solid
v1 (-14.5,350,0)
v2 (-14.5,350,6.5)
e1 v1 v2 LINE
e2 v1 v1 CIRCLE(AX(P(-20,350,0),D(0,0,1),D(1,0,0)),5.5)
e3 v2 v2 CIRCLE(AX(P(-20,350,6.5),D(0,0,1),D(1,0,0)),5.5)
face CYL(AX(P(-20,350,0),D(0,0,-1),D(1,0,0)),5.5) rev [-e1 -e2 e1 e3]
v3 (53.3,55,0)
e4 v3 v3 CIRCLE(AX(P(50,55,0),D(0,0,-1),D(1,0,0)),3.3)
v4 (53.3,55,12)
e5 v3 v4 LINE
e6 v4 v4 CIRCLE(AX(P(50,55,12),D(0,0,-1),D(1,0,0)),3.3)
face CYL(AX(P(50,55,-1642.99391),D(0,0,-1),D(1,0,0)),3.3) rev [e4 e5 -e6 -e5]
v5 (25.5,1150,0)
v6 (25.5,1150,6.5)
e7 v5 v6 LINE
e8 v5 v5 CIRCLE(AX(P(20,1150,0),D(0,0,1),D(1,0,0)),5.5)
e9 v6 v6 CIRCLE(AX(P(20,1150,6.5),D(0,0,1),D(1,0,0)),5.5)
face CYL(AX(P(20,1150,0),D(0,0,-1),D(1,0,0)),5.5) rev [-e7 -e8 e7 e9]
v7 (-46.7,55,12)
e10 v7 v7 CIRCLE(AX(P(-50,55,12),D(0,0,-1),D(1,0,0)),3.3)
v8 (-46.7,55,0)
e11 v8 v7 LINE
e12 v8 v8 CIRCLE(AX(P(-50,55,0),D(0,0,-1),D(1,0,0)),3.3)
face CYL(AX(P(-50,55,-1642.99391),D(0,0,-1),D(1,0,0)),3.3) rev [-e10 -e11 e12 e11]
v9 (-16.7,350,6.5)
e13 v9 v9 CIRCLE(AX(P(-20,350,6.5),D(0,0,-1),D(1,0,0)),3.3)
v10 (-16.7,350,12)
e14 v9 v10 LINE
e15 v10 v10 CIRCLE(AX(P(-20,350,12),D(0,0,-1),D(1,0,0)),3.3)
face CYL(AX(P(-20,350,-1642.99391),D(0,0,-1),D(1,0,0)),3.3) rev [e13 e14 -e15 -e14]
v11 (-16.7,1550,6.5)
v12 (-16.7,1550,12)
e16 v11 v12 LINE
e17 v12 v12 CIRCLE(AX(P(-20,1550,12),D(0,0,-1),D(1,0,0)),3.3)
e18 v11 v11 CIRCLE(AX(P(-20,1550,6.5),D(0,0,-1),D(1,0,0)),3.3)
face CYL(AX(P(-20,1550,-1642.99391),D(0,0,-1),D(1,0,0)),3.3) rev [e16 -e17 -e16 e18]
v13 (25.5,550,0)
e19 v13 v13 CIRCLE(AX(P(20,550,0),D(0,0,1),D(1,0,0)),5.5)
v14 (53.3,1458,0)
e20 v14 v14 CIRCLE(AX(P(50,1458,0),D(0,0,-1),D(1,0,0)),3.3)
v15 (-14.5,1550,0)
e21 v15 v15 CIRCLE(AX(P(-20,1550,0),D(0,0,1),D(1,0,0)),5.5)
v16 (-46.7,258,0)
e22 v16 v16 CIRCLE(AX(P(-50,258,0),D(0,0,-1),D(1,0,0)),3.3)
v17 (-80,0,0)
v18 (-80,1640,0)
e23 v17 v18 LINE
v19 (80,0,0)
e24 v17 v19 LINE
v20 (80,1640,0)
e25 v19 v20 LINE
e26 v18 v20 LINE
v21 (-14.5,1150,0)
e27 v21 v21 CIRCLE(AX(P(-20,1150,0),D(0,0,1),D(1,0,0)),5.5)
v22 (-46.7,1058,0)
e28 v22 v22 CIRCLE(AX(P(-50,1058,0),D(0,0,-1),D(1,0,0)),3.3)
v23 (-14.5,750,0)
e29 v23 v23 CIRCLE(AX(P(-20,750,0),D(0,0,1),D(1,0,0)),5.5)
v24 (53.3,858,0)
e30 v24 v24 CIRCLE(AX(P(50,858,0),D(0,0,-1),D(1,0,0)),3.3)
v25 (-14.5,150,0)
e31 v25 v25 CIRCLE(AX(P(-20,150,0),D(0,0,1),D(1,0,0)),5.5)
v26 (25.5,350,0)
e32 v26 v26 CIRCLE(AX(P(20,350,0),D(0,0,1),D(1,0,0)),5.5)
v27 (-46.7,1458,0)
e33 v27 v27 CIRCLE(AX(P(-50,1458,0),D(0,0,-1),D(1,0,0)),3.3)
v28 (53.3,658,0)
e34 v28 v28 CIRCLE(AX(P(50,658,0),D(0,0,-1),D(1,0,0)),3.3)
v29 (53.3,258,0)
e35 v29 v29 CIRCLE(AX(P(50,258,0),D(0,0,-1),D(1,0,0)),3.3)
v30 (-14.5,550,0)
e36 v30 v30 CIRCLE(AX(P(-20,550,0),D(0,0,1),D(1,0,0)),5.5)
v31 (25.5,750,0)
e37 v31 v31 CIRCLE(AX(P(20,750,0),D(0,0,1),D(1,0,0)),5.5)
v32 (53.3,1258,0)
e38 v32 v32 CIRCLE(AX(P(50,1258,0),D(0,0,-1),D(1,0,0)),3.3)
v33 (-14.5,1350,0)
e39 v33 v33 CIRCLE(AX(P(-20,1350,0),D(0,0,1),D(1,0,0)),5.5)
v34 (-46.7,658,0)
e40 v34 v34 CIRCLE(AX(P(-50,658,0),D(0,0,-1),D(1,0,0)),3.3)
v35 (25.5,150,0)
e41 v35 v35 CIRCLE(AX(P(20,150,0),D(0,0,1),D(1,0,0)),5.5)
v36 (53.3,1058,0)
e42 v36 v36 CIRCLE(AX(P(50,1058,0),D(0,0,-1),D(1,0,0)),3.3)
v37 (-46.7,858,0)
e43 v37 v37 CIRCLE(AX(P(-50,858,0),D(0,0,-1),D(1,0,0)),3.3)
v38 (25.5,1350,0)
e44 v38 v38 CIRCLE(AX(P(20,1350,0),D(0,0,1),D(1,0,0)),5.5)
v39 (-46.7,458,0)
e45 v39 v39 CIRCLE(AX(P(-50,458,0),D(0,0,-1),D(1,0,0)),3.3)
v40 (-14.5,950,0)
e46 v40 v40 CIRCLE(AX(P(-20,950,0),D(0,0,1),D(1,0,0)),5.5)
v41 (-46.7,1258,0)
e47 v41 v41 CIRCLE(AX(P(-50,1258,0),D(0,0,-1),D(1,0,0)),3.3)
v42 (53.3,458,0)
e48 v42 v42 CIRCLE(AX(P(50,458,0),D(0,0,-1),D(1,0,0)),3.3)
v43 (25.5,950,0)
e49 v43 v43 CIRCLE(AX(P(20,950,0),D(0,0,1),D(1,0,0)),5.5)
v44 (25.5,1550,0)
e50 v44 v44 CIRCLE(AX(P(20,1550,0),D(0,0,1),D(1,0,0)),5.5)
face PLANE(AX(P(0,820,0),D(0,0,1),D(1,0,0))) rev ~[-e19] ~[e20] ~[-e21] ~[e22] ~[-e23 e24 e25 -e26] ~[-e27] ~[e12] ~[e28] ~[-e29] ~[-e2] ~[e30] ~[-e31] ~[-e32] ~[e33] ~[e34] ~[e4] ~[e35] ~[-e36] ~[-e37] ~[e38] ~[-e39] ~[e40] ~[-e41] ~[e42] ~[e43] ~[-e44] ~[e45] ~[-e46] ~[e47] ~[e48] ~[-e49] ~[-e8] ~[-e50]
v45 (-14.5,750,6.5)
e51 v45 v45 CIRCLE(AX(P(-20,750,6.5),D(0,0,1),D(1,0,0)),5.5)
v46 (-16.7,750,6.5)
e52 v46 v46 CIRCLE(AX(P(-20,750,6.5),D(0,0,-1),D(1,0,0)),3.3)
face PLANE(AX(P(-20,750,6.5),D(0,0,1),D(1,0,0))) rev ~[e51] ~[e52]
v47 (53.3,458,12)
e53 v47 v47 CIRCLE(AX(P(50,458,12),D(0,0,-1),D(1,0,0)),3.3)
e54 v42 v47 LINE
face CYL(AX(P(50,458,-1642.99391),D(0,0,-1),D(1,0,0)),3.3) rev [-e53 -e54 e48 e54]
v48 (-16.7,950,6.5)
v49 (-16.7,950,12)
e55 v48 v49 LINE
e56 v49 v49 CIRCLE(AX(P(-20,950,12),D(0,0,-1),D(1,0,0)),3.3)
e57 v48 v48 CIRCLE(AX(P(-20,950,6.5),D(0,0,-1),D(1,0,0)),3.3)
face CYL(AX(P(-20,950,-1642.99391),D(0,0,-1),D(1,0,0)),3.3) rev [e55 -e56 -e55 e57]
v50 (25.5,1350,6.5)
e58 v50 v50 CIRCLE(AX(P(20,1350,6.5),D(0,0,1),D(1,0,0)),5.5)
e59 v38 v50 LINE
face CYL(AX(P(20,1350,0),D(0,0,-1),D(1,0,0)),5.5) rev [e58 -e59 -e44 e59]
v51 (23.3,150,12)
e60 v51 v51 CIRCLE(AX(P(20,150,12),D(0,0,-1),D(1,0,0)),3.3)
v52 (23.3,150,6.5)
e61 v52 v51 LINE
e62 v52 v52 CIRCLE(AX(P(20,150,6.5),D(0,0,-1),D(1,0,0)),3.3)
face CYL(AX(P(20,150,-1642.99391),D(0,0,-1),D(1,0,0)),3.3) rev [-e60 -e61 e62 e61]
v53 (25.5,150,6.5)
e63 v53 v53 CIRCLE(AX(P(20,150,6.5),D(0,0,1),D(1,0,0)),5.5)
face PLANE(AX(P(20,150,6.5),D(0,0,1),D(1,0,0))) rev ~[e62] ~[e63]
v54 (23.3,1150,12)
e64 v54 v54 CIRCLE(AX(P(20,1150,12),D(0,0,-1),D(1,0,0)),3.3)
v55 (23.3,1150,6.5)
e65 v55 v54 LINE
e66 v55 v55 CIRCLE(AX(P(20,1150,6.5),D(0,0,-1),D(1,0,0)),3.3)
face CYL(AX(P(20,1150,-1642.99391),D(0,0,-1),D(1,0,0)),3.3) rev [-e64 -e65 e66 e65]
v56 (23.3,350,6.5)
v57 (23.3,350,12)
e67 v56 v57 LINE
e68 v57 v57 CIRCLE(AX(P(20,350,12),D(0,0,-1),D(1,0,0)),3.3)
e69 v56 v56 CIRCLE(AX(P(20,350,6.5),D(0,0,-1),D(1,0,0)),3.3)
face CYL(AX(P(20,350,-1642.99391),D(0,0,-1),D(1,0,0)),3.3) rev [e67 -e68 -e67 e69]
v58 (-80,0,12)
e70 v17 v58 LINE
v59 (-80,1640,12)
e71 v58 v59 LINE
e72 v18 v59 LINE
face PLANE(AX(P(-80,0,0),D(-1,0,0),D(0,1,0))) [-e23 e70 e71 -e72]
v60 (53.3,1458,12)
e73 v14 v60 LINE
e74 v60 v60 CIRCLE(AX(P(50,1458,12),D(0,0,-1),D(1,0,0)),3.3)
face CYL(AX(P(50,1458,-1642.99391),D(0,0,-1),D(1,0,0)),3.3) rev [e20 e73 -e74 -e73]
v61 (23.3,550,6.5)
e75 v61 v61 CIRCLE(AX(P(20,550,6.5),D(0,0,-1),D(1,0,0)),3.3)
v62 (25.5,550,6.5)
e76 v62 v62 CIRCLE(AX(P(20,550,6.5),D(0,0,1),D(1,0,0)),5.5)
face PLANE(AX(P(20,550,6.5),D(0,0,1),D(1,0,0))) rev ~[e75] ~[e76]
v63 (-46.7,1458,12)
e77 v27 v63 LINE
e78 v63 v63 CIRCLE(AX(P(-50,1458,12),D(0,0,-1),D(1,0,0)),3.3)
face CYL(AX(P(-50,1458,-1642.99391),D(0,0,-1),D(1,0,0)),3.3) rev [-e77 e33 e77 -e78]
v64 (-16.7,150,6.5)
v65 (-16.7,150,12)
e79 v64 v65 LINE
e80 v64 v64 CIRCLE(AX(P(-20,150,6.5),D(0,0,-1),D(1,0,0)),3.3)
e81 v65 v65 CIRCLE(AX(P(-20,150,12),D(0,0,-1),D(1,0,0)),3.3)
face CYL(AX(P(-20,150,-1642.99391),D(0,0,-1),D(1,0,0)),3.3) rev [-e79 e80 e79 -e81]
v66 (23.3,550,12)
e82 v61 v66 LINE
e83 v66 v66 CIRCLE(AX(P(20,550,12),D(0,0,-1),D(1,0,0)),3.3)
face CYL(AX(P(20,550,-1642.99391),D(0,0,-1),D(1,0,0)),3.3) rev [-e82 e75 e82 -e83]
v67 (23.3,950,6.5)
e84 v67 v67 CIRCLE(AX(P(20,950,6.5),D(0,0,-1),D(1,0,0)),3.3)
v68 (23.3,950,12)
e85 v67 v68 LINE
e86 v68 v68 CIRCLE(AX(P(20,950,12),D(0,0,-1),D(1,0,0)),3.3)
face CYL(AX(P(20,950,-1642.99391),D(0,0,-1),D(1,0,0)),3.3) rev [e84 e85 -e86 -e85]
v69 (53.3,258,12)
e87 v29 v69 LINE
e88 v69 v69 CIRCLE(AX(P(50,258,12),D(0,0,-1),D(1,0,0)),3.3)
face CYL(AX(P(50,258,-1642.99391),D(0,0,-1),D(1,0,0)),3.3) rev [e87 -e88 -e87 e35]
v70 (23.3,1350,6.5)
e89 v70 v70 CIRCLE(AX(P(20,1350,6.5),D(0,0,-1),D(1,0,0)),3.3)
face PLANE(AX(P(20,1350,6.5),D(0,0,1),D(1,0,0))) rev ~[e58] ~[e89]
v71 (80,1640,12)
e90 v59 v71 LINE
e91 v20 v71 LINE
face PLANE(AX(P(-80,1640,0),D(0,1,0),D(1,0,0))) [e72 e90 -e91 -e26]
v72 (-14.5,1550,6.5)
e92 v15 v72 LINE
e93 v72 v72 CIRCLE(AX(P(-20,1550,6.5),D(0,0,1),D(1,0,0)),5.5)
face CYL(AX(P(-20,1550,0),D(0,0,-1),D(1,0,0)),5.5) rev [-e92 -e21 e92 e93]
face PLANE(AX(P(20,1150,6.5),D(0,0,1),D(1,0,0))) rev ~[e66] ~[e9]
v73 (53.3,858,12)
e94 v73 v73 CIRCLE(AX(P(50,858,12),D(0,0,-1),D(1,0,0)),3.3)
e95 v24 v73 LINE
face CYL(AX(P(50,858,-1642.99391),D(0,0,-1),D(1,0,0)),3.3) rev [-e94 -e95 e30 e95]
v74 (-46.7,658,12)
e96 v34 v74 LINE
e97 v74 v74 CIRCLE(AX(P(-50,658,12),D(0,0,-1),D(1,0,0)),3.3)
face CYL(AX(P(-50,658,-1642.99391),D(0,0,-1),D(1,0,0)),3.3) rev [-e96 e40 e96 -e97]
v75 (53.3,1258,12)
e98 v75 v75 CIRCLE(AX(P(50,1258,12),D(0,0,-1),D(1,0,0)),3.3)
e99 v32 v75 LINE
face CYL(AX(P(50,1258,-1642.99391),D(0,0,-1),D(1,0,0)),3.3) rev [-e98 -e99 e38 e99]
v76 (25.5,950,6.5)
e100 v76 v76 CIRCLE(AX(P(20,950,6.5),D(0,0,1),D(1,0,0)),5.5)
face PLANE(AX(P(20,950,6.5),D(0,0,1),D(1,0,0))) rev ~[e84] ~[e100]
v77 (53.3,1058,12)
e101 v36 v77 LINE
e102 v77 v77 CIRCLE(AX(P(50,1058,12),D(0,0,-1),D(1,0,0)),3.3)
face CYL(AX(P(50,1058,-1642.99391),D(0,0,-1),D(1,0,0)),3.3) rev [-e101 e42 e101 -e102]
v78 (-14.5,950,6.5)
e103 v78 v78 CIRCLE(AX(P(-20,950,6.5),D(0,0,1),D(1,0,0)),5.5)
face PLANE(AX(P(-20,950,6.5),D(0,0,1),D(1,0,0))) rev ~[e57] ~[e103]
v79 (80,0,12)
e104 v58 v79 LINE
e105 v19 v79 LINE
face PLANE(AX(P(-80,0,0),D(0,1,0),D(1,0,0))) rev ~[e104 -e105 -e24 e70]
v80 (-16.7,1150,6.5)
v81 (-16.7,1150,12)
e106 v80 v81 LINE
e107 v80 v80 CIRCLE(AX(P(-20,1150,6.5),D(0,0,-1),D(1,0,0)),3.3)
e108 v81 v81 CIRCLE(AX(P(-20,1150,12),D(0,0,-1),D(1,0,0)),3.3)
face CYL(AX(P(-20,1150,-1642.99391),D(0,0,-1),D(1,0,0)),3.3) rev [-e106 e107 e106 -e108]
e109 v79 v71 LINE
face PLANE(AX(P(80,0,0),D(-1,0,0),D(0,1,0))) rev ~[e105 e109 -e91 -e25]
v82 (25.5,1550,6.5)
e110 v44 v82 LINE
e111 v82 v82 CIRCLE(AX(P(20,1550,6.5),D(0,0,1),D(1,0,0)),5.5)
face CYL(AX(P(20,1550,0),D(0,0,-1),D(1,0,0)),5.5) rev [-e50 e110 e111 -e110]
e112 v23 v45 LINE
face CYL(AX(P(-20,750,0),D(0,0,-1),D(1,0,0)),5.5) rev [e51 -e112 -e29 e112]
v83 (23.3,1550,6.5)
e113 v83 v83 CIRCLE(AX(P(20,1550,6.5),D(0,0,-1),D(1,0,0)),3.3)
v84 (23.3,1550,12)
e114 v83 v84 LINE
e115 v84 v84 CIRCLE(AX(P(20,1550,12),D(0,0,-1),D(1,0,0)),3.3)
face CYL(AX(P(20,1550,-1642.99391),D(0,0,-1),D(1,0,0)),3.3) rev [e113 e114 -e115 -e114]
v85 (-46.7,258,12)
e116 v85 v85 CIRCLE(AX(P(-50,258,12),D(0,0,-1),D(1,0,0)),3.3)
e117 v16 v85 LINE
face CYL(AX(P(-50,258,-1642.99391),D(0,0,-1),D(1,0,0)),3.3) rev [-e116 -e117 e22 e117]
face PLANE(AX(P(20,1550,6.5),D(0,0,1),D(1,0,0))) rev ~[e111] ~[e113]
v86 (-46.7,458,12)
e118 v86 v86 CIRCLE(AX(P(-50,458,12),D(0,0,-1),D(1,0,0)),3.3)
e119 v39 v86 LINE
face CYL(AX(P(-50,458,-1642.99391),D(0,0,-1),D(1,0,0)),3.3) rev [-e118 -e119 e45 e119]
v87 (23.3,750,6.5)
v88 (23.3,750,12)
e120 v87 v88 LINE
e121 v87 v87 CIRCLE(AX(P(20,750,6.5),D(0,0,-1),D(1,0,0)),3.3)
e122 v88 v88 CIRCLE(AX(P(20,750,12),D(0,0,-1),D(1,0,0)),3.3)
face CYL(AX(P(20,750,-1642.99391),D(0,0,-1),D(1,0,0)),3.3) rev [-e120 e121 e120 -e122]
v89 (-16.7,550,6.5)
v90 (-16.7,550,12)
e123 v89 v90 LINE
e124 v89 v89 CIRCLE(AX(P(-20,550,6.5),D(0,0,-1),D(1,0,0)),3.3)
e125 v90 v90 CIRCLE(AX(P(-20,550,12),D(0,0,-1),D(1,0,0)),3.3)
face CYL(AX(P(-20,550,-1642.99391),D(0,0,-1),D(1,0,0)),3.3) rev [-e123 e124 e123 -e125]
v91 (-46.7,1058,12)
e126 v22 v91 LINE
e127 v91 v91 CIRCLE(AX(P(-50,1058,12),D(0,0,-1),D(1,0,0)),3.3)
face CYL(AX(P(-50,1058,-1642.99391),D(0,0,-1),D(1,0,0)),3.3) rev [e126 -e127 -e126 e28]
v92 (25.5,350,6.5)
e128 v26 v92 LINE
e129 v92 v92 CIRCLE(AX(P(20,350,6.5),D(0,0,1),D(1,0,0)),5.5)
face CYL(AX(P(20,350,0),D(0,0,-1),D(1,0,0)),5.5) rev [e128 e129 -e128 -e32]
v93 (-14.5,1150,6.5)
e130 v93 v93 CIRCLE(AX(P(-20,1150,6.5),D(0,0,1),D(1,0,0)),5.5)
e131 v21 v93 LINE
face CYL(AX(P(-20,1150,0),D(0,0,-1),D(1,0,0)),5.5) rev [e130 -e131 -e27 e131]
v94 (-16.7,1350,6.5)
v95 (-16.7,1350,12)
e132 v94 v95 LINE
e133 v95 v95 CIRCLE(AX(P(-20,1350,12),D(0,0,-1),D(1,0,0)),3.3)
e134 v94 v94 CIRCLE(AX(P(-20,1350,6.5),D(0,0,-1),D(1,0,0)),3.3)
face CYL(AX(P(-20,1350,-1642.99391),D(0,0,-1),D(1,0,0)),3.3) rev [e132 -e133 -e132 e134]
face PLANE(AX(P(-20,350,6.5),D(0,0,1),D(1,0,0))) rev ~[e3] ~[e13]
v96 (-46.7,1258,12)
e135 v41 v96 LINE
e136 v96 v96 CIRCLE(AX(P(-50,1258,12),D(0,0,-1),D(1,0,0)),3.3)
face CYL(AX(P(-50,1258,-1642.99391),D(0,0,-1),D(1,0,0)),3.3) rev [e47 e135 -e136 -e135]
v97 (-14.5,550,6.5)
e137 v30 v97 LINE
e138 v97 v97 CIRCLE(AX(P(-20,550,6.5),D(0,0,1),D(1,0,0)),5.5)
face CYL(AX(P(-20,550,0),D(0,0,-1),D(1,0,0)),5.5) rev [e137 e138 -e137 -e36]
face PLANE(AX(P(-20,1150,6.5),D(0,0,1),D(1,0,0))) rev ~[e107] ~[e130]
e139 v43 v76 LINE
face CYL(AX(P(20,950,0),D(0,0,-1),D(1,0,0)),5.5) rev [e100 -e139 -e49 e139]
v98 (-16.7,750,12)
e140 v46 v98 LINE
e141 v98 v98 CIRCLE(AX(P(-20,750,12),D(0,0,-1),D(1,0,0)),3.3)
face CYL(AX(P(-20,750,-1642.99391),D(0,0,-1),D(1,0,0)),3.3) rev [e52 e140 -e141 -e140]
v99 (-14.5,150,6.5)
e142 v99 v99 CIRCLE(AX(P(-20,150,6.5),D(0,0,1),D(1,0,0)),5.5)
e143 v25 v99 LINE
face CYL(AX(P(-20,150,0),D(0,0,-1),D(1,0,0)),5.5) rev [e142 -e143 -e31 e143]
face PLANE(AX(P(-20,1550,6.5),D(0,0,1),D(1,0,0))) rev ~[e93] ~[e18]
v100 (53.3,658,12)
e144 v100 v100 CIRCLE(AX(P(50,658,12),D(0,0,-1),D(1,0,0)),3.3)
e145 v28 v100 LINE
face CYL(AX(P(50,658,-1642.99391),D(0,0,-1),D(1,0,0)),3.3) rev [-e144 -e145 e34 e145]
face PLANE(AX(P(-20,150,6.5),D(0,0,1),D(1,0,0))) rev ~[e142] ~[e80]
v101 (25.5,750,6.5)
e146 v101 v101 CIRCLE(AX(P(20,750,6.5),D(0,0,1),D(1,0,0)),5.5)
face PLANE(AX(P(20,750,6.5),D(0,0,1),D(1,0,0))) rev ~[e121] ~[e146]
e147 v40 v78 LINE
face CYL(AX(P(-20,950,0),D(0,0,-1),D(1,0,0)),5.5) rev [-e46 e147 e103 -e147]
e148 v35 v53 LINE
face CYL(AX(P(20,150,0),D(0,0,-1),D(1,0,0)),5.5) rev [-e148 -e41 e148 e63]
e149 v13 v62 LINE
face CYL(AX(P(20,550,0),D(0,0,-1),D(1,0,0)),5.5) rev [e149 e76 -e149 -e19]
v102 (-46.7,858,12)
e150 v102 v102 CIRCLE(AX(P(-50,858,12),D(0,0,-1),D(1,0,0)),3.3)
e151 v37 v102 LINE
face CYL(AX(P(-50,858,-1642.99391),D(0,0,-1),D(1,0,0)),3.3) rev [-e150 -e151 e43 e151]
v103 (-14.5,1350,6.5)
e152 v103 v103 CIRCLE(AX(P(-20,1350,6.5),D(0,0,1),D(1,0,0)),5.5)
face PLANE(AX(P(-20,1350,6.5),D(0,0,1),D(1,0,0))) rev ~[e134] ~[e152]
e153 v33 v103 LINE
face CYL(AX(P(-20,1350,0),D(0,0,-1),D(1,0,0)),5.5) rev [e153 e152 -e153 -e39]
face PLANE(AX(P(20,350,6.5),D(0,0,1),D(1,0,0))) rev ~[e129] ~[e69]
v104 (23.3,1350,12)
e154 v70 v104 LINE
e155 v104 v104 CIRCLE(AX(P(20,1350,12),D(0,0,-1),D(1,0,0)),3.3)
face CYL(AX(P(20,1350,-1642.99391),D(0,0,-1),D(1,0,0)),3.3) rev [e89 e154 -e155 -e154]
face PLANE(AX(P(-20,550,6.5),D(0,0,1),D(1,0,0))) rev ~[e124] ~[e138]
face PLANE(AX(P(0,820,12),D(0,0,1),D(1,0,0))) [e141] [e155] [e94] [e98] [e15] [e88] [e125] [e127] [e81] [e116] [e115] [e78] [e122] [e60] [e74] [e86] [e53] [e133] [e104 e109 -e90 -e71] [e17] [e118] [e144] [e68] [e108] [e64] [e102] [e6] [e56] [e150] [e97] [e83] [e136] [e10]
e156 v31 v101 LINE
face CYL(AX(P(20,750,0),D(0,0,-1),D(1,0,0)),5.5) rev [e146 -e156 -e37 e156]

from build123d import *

# Parameters (mm, degrees)
SKETCH1_W               = 160
SKETCH1_H               = 1640
BOSS_EXTRUDE1_DEPTH     = 12
CUT_EXTRUDE1_DEPTH      = 1642.993909855
CUT_EXTRUDE1_DEPTH_BACK = 1642.993909855
SKETCH2_R               = 3.3
CUT_EXTRUDE2_DEPTH      = 1642.993909855
CUT_EXTRUDE2_DEPTH_BACK = 1642.993909855
SKETCH3_R               = 3.3
SKETCH4_R               = 5.5
CUT_EXTRUDE4_DEPTH      = 6.5


with BuildPart() as part:
    # Sketch1 → Boss-Extrude1 (new body)
    with BuildSketch(Plane.XY):
        with Locations((0, 820)):
            Rectangle(SKETCH1_W, SKETCH1_H)
    extrude(amount=BOSS_EXTRUDE1_DEPTH)

    # Sketch2 → Cut-Extrude1 (cut, two sides: drawn at the far end of the back side and taken through both)
    with BuildSketch(Plane.XY.offset(-CUT_EXTRUDE1_DEPTH_BACK)):
        with Locations((-50, 55)):
            Circle(SKETCH2_R)
        with Locations((-50, 258)):
            Circle(SKETCH2_R)
        with Locations((-50, 458)):
            Circle(SKETCH2_R)
        with Locations((-50, 658)):
            Circle(SKETCH2_R)
        with Locations((-50, 858)):
            Circle(SKETCH2_R)
        with Locations((-50, 1058)):
            Circle(SKETCH2_R)
        with Locations((-50, 1258)):
            Circle(SKETCH2_R)
        with Locations((-50, 1458)):
            Circle(SKETCH2_R)
        with Locations((50, 55)):
            Circle(SKETCH2_R)
        with Locations((50, 258)):
            Circle(SKETCH2_R)
        with Locations((50, 458)):
            Circle(SKETCH2_R)
        with Locations((50, 658)):
            Circle(SKETCH2_R)
        with Locations((50, 858)):
            Circle(SKETCH2_R)
        with Locations((50, 1058)):
            Circle(SKETCH2_R)
        with Locations((50, 1258)):
            Circle(SKETCH2_R)
        with Locations((50, 1458)):
            Circle(SKETCH2_R)
    extrude(amount=CUT_EXTRUDE1_DEPTH + CUT_EXTRUDE1_DEPTH_BACK, mode=Mode.SUBTRACT)

    # Sketch3 → Cut-Extrude2 (cut, two sides: drawn at the far end of the back side and taken through both)
    with BuildSketch(Plane.XY.offset(-CUT_EXTRUDE2_DEPTH_BACK)):
        with Locations((-20, 150)):
            Circle(SKETCH3_R)
        with Locations((-20, 350)):
            Circle(SKETCH3_R)
        with Locations((-20, 550)):
            Circle(SKETCH3_R)
        with Locations((-20, 750)):
            Circle(SKETCH3_R)
        with Locations((-20, 950)):
            Circle(SKETCH3_R)
        with Locations((-20, 1150)):
            Circle(SKETCH3_R)
        with Locations((-20, 1350)):
            Circle(SKETCH3_R)
        with Locations((-20, 1550)):
            Circle(SKETCH3_R)
        with Locations((20, 150)):
            Circle(SKETCH3_R)
        with Locations((20, 350)):
            Circle(SKETCH3_R)
        with Locations((20, 550)):
            Circle(SKETCH3_R)
        with Locations((20, 750)):
            Circle(SKETCH3_R)
        with Locations((20, 950)):
            Circle(SKETCH3_R)
        with Locations((20, 1150)):
            Circle(SKETCH3_R)
        with Locations((20, 1350)):
            Circle(SKETCH3_R)
        with Locations((20, 1550)):
            Circle(SKETCH3_R)
    extrude(amount=CUT_EXTRUDE2_DEPTH + CUT_EXTRUDE2_DEPTH_BACK, mode=Mode.SUBTRACT)

    # Sketch4 → Cut-Extrude4 (cut)
    with BuildSketch(Plane.XY):
        with Locations((-20, 150)):
            Circle(SKETCH4_R)
        with Locations((-20, 350)):
            Circle(SKETCH4_R)
        with Locations((-20, 550)):
            Circle(SKETCH4_R)
        with Locations((-20, 750)):
            Circle(SKETCH4_R)
        with Locations((-20, 950)):
            Circle(SKETCH4_R)
        with Locations((-20, 1150)):
            Circle(SKETCH4_R)
        with Locations((-20, 1350)):
            Circle(SKETCH4_R)
        with Locations((-20, 1550)):
            Circle(SKETCH4_R)
        with Locations((20, 150)):
            Circle(SKETCH4_R)
        with Locations((20, 350)):
            Circle(SKETCH4_R)
        with Locations((20, 550)):
            Circle(SKETCH4_R)
        with Locations((20, 750)):
            Circle(SKETCH4_R)
        with Locations((20, 950)):
            Circle(SKETCH4_R)
        with Locations((20, 1150)):
            Circle(SKETCH4_R)
        with Locations((20, 1350)):
            Circle(SKETCH4_R)
        with Locations((20, 1550)):
            Circle(SKETCH4_R)
    extrude(amount=CUT_EXTRUDE4_DEPTH, mode=Mode.SUBTRACT)


solid = part.part
